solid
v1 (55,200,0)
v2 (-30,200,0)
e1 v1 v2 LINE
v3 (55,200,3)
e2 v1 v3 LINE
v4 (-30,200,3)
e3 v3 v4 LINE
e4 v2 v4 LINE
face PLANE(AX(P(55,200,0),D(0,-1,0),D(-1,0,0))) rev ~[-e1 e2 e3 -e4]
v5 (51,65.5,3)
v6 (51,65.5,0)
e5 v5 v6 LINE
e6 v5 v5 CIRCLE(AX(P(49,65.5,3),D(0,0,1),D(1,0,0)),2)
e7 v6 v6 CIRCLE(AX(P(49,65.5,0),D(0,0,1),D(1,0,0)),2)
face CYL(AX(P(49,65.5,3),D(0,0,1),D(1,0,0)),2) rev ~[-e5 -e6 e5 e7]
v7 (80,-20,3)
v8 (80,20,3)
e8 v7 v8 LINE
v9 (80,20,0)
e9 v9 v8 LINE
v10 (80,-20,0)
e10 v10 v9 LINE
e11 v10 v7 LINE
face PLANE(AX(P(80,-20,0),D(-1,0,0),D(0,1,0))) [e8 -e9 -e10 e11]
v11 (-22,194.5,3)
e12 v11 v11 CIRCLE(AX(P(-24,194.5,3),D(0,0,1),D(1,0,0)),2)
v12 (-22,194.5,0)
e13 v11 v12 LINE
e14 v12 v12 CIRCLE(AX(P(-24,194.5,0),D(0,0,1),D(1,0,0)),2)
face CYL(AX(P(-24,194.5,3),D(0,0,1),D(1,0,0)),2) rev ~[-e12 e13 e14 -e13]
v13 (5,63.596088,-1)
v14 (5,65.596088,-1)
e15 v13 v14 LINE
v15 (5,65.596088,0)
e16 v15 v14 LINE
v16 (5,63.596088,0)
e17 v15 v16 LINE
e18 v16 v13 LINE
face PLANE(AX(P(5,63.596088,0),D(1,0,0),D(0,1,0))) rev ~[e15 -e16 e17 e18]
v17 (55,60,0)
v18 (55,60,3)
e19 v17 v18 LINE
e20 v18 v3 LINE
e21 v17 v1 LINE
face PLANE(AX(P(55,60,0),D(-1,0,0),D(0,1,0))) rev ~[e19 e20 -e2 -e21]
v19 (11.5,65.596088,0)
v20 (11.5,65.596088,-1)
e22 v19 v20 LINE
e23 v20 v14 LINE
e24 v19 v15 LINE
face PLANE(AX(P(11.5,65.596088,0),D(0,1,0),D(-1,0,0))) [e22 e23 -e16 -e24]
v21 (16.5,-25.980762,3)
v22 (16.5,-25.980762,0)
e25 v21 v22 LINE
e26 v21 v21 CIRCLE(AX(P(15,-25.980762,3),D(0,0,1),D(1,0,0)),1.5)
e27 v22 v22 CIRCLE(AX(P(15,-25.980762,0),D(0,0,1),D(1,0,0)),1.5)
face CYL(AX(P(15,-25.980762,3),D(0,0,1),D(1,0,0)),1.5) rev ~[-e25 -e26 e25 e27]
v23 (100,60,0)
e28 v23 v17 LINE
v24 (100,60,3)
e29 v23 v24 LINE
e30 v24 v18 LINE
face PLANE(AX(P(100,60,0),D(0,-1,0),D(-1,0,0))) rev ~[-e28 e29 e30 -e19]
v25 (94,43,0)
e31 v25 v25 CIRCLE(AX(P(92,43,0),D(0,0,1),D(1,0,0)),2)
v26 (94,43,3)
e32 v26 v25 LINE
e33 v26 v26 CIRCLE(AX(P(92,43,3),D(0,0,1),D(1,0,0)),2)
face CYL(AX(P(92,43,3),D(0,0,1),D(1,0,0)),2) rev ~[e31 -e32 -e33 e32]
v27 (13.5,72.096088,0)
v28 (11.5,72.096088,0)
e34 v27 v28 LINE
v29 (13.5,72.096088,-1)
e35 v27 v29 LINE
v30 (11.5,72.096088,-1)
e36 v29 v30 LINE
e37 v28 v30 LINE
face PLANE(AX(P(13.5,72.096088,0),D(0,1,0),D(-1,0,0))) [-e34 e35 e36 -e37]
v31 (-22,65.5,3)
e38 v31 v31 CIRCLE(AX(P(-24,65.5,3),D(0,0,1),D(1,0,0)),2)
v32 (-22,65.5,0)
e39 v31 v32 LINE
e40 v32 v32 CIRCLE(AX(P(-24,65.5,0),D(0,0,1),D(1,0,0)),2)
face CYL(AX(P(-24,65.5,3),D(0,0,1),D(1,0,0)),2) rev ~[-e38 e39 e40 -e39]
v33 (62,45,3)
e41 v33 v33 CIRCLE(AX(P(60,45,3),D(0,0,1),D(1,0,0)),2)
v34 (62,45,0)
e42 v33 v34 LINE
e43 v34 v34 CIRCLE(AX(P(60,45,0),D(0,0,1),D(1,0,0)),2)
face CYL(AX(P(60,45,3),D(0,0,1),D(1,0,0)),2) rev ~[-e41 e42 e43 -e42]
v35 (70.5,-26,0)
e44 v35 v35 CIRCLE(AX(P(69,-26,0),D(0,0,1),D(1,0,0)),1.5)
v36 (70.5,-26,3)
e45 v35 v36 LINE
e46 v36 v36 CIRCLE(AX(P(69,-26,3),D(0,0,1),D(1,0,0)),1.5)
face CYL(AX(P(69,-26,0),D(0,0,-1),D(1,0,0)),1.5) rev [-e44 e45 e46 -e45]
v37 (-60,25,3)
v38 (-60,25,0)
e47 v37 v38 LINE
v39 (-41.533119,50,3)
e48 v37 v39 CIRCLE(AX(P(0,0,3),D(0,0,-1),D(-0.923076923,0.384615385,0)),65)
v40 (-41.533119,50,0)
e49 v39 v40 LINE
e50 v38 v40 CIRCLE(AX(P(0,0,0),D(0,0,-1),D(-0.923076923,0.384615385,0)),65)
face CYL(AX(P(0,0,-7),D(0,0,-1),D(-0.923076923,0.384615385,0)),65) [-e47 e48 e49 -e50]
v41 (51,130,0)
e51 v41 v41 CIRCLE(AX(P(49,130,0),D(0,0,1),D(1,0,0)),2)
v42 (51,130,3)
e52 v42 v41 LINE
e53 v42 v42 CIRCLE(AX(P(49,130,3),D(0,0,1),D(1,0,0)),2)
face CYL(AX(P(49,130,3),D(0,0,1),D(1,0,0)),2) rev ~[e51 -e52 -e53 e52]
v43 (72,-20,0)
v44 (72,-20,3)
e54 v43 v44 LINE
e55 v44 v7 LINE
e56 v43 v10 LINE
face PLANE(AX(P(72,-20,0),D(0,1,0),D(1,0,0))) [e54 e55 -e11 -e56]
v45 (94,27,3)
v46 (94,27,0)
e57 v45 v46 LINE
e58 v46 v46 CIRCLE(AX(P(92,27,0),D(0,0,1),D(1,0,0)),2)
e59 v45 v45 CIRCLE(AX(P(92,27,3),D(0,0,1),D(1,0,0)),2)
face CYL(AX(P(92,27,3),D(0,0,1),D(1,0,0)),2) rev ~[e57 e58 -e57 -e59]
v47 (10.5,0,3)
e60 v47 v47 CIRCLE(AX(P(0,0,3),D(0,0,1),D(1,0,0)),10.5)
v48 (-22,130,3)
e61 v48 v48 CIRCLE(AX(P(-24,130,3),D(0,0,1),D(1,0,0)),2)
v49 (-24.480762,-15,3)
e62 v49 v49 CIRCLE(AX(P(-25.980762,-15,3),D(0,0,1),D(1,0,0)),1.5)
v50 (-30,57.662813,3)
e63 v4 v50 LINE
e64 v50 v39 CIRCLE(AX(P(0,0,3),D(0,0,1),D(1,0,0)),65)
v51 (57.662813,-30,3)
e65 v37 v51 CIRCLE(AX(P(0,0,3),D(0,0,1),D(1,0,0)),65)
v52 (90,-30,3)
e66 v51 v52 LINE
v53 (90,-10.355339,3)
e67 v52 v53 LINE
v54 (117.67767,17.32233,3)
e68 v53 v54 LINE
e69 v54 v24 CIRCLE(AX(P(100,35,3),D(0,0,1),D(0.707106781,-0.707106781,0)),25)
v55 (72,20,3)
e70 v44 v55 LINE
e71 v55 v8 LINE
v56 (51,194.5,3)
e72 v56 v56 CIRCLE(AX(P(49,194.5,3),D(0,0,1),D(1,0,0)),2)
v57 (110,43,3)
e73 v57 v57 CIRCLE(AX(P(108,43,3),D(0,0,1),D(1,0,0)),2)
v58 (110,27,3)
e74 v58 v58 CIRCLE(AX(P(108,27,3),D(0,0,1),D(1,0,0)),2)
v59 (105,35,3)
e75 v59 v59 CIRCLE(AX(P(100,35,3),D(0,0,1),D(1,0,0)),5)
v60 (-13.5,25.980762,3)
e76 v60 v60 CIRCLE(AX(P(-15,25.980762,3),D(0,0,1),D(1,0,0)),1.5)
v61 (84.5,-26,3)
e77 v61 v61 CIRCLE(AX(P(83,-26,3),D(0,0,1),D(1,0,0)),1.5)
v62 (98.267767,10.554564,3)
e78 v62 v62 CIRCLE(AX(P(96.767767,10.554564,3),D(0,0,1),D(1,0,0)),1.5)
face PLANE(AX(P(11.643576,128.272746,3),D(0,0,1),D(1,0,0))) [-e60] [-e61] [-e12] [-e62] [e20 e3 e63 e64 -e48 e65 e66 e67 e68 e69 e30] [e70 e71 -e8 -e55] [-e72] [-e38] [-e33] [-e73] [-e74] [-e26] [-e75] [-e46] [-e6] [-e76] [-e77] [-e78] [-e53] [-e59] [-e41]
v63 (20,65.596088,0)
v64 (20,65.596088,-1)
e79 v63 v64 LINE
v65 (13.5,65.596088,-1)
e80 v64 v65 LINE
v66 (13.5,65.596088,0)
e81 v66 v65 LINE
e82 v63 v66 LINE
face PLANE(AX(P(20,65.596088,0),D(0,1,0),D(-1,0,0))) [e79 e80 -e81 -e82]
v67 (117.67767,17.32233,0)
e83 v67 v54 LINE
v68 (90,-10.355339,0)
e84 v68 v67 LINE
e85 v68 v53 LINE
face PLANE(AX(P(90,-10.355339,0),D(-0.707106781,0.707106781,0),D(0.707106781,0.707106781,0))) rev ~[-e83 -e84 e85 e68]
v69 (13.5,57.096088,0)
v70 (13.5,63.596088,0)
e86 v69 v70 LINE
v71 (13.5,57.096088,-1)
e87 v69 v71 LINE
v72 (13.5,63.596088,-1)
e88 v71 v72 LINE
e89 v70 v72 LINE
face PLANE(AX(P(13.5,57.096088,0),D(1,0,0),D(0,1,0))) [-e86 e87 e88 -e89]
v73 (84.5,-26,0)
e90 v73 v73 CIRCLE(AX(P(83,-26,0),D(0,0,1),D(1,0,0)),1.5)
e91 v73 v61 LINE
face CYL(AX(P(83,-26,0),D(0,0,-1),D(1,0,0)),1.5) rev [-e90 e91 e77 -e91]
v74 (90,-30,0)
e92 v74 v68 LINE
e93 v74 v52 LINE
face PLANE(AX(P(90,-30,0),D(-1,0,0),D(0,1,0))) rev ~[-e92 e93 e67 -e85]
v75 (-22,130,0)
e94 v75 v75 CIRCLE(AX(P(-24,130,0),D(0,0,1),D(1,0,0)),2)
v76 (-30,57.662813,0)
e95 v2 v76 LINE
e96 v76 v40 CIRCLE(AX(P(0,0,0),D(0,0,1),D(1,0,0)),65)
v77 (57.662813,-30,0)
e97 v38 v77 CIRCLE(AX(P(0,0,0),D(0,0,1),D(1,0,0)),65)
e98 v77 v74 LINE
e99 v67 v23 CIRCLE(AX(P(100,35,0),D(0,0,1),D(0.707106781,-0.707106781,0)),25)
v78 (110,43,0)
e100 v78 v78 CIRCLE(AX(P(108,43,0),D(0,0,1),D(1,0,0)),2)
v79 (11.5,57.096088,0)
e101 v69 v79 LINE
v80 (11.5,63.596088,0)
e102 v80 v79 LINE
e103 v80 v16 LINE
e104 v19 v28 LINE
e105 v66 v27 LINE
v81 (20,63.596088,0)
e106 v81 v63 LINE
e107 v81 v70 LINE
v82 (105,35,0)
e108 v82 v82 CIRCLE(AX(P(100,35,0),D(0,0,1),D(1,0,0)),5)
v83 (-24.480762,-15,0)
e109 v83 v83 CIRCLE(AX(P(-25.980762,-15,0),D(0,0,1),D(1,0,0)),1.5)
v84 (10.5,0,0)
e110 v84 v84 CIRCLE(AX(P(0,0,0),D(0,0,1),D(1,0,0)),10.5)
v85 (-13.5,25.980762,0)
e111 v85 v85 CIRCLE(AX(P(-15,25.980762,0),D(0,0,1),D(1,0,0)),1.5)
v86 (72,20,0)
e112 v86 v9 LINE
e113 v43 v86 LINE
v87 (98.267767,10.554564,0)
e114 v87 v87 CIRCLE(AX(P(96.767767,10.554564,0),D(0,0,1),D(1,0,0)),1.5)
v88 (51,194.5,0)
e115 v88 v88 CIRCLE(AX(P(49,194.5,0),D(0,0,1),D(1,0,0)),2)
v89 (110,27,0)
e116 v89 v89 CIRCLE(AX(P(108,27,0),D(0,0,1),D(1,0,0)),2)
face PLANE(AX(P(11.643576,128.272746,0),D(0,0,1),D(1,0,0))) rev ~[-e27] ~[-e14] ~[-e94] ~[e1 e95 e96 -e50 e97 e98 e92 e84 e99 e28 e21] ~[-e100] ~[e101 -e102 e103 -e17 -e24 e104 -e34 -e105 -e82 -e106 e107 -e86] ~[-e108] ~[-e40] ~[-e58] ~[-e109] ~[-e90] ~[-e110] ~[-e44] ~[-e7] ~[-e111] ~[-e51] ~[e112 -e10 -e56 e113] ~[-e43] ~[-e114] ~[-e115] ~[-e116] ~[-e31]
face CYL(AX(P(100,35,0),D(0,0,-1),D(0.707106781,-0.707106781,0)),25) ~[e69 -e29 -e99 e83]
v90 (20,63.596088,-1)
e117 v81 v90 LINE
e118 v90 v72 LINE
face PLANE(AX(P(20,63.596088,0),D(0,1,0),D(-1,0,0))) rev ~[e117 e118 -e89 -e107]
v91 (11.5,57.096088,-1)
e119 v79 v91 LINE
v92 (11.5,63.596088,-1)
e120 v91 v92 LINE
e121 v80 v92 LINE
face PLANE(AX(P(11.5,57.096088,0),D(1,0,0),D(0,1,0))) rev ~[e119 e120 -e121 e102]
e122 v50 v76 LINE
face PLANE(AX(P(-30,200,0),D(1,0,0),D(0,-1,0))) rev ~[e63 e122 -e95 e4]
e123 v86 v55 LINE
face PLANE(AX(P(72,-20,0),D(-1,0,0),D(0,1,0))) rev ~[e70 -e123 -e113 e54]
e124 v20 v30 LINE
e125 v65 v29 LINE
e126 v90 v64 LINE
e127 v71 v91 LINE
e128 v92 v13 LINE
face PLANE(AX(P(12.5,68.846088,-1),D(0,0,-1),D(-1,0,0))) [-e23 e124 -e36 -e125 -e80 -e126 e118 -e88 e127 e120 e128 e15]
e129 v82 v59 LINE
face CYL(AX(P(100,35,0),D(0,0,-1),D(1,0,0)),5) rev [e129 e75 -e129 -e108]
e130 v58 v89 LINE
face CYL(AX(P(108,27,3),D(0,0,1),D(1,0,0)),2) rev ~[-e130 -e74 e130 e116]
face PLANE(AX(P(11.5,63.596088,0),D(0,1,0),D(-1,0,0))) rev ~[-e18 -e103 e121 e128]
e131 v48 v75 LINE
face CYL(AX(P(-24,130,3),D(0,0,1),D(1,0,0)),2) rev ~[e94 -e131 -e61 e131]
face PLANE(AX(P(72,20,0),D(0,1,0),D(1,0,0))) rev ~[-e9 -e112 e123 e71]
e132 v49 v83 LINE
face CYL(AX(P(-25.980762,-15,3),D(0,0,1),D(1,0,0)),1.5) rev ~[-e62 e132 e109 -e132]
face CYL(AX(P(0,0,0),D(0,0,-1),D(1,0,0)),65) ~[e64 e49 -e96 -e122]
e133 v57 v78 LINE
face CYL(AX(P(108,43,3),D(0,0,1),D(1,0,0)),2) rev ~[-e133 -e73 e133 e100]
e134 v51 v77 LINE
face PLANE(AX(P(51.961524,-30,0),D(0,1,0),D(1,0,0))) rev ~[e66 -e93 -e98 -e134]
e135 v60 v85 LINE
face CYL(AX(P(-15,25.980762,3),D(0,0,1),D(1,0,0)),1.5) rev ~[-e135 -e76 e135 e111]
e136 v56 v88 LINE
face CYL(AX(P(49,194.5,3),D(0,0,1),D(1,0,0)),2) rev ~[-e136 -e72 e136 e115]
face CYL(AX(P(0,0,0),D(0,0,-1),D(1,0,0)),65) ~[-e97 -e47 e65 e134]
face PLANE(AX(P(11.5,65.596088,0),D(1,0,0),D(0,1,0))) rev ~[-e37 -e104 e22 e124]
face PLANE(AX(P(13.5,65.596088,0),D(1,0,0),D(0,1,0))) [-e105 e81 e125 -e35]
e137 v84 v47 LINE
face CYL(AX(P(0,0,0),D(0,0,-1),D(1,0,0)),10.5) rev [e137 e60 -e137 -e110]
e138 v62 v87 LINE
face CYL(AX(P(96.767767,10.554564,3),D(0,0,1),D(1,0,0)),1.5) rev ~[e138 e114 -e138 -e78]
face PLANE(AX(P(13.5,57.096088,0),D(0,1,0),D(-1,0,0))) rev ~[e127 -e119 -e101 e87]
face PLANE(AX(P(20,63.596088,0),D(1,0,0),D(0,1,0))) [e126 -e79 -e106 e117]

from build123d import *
from build123d.topology import SkipClean

# Parameters (mm, degrees)
SKETCH1_R           = 10.5
SKETCH1_R_2         = 1.5
SKETCH1_W           = 8
SKETCH1_H           = 40
SKETCH1_R_3         = 5
BOSS_EXTRUDE1_DEPTH = 3
CUT_EXTRUDE1_REACH  = 140.687
SKETCH2_R           = 2
BOSS_EXTRUDE2_DEPTH = 3
SKETCH4_W           = 2
SKETCH4_H           = 6.5
SKETCH4_W_2         = 6.5
SKETCH4_H_2         = 2
BOSS_EXTRUDE3_DEPTH = 1
SKETCH5_R           = 2
CUT_EXTRUDE2_DEPTH  = 10
BOSS_EXTRUDE4_START = -3
BOSS_EXTRUDE4_DEPTH = 3
SKETCH7_R           = 2
CUT_EXTRUDE3_DEPTH  = 10
BOSS_EXTRUDE5_START = -3
SKETCH8_R           = 65
SKETCH8_R_2         = 10.5
BOSS_EXTRUDE5_DEPTH = 3
CUT_EXTRUDE4_START  = -10
CUT_EXTRUDE4_DEPTH  = 10
CUT_EXTRUDE5_REACH  = 237.883
SKETCH10_R          = 1.5


with BuildPart() as part:
    # Sketch1 → Boss-Extrude1 (new body)
    # profile 1 of 2: a face of its own
    with BuildSketch(Plane.XY):
        with BuildLine():
            ThreePointArc((-60, 0), (-52.867640737, 28.372743309), (-33.166247904, 50))
            Line((-33.166247904, 50), (-60, 50))
            Line((-60, 50), (-60, 0))
        make_face()
    # profile 2 of 2: a face of its own
    with BuildSketch(Plane.XY):
        with BuildLine():
            ThreePointArc((0, 60), (-17.320508076, 57.445626465), (-33.166247904, 50))
            ThreePointArc((-33.166247904, 50), (-52.867640737, 28.372743309), (-60, 0))
            ThreePointArc((-60, 0), (-15.529142706, -57.955549577), (51.961524227, -30))
            Line((51.961524227, -30), (56.882127578, -30))
            Line((56.882127578, -30), (90, -30))
            Line((90, -30), (90, -10.355339059))
            Line((90, -10.355339059), (117.67766953, 17.32233047))
            ThreePointArc((117.67766953, 17.32233047), (123.096988313, 44.567085809), (100, 60))
            Line((100, 60), (0, 60))
        make_face()
        Circle(SKETCH1_R, mode=Mode.SUBTRACT)
        with Locations((69, -26)):
            Circle(SKETCH1_R_2, mode=Mode.SUBTRACT)
        with Locations((76, 0)):
            Rectangle(SKETCH1_W, SKETCH1_H, mode=Mode.SUBTRACT)
        with Locations((83, -26)):
            Circle(SKETCH1_R_2, mode=Mode.SUBTRACT)
        with Locations((100, 35)):
            Circle(SKETCH1_R_3, mode=Mode.SUBTRACT)
    extrude(amount=BOSS_EXTRUDE1_DEPTH)

    # Sketch2 → Cut-Extrude1 (cut, up to next)
    with BuildSketch(Plane.XY.offset(3), mode=Mode.PRIVATE) as cut_extrude1_sk1:
        with Locations((60, 45)):
            Circle(SKETCH2_R)
    cut_extrude1_tool1 = extrude(cut_extrude1_sk1.sketch, amount=-CUT_EXTRUDE1_REACH, mode=Mode.PRIVATE) & part.part
    add(cut_extrude1_tool1.solids().sort_by_distance((60, 45, 3))[0], mode=Mode.SUBTRACT)

    # Sketch3 → Boss-Extrude2 (add)
    with BuildSketch(Plane(origin=(0, 0, 0), x_dir=(-1, 0, 0), z_dir=(0, 0, -1))):
        with BuildLine():
            Line((-30, 80), (-30, 60))
            Line((-30, 60), (0, 60))
            ThreePointArc((0, 60), (2.502176759, 59.947803225), (5, 59.791303716))
            Line((5, 59.791303716), (5, 80))
            Line((5, 80), (-30, 80))
        make_face()
    extrude(amount=-BOSS_EXTRUDE2_DEPTH)

    # Sketch4 → Boss-Extrude3 (add)
    with BuildSketch(Plane(origin=(0, 0, 0), x_dir=(-1, 0, 0), z_dir=(0, 0, -1))):
        with Locations((-12.5, 68.846087829)):
            Rectangle(SKETCH4_W, SKETCH4_H)
        with Locations((-16.75, 64.596087829)):
            Rectangle(SKETCH4_W_2, SKETCH4_H_2)
        with Locations((-12.5, 64.596087829)):
            Rectangle(SKETCH4_W, SKETCH4_H_2)
        with Locations((-8.25, 64.596087829)):
            Rectangle(SKETCH4_W_2, SKETCH4_H_2)
        with Locations((-12.5, 60.346087829)):
            Rectangle(SKETCH4_W, SKETCH4_H)
    extrude(amount=BOSS_EXTRUDE3_DEPTH)

    # Sketch5 → Cut-Extrude2 (cut)
    with BuildSketch(Plane.XY.offset(3)):
        with Locations((92, 43)):
            Circle(SKETCH5_R)
        with Locations((108, 43)):
            Circle(SKETCH5_R)
        with Locations((108, 27)):
            Circle(SKETCH5_R)
        with Locations((92, 27)):
            Circle(SKETCH5_R)
    extrude(amount=-CUT_EXTRUDE2_DEPTH, mode=Mode.SUBTRACT)

    # Sketch6 → Boss-Extrude4 (add)
    with BuildSketch(Plane.XY.offset(3).offset(BOSS_EXTRUDE4_START)):
        with BuildLine():
            Line((12.5, 60), (55, 60))
            Line((55, 60), (55, 200))
            Line((55, 200), (-30, 200))
            Line((-30, 200), (-30, 60))
            Line((-30, 60), (-30, 51.961524227))
            ThreePointArc((-30, 51.961524227), (-17.93255034, 57.257520364), (-5, 59.791303716))
            Line((-5, 59.791303716), (-5, 60))
            Line((-5, 60), (12.5, 60))
        make_face()
    extrude(amount=BOSS_EXTRUDE4_DEPTH)

    # Sketch7 → Cut-Extrude3 (cut)
    with BuildSketch(Plane.XY.offset(3)):
        with Locations((-24, 194.5)):
            Circle(SKETCH7_R)
        with Locations((49, 194.5)):
            Circle(SKETCH7_R)
        with Locations((49, 65.5)):
            Circle(SKETCH7_R)
        with Locations((-24, 65.5)):
            Circle(SKETCH7_R)
        with Locations((-24, 130)):
            Circle(SKETCH7_R)
        with Locations((49, 130)):
            Circle(SKETCH7_R)
    extrude(amount=-CUT_EXTRUDE3_DEPTH, mode=Mode.SUBTRACT)

    # Sketch8 → Boss-Extrude5 (add)
    with BuildSketch(Plane.XY.offset(3).offset(BOSS_EXTRUDE5_START)):
        Circle(SKETCH8_R)
        Circle(SKETCH8_R_2, mode=Mode.SUBTRACT)
    extrude(amount=BOSS_EXTRUDE5_DEPTH)

    # Sketch9 → Cut-Extrude4 (cut)
    with SkipClean():  # the faces are left unmerged after this step: merging them gives an invalid solid
        with BuildSketch(Plane.XY.offset(3).offset(CUT_EXTRUDE4_START)):
            with BuildLine():
                Line((-60, 50), (-60, 25))
                ThreePointArc((-60, 25), (-52.282822987, 38.62002616), (-41.533119315, 50))
                Line((-41.533119315, 50), (-60, 50))
            make_face()
        extrude(amount=CUT_EXTRUDE4_DEPTH, mode=Mode.SUBTRACT)

    # Sketch10 → Cut-Extrude5 (cut, up to next)
    with BuildSketch(Plane.XY.offset(3), mode=Mode.PRIVATE) as cut_extrude5_sk1:
        with Locations((-15, 25.980762114)):
            Circle(SKETCH10_R)
    cut_extrude5_tool1 = extrude(cut_extrude5_sk1.sketch, amount=-CUT_EXTRUDE5_REACH, mode=Mode.PRIVATE) & part.part
    # Sketch10 → Cut-Extrude5 (cut, up to next)
    with BuildSketch(Plane.XY.offset(3), mode=Mode.PRIVATE) as cut_extrude5_sk2:
        with Locations((-25.980762114, -15)):
            Circle(SKETCH10_R)
    cut_extrude5_tool2 = extrude(cut_extrude5_sk2.sketch, amount=-CUT_EXTRUDE5_REACH, mode=Mode.PRIVATE) & part.part
    # Sketch10 → Cut-Extrude5 (cut, up to next)
    with BuildSketch(Plane.XY.offset(3), mode=Mode.PRIVATE) as cut_extrude5_sk3:
        with Locations((15, -25.980762114)):
            Circle(SKETCH10_R)
    cut_extrude5_tool3 = extrude(cut_extrude5_sk3.sketch, amount=-CUT_EXTRUDE5_REACH, mode=Mode.PRIVATE) & part.part
    # Sketch10 → Cut-Extrude5 (cut, up to next)
    with BuildSketch(Plane.XY.offset(3), mode=Mode.PRIVATE) as cut_extrude5_sk4:
        with Locations((96.767766953, 10.554563517)):
            Circle(SKETCH10_R)
    cut_extrude5_tool4 = extrude(cut_extrude5_sk4.sketch, amount=-CUT_EXTRUDE5_REACH, mode=Mode.PRIVATE) & part.part
    add(cut_extrude5_tool1.solids().sort_by_distance((-15, 25.980762, 3))[0], mode=Mode.SUBTRACT)
    add(cut_extrude5_tool2.solids().sort_by_distance((-25.980762, -15, 3))[0], mode=Mode.SUBTRACT)
    add(cut_extrude5_tool3.solids().sort_by_distance((15, -25.980762, 3))[0], mode=Mode.SUBTRACT)
    add(cut_extrude5_tool4.solids().sort_by_distance((96.767767, 10.554564, 3))[0], mode=Mode.SUBTRACT)


solid = part.part
